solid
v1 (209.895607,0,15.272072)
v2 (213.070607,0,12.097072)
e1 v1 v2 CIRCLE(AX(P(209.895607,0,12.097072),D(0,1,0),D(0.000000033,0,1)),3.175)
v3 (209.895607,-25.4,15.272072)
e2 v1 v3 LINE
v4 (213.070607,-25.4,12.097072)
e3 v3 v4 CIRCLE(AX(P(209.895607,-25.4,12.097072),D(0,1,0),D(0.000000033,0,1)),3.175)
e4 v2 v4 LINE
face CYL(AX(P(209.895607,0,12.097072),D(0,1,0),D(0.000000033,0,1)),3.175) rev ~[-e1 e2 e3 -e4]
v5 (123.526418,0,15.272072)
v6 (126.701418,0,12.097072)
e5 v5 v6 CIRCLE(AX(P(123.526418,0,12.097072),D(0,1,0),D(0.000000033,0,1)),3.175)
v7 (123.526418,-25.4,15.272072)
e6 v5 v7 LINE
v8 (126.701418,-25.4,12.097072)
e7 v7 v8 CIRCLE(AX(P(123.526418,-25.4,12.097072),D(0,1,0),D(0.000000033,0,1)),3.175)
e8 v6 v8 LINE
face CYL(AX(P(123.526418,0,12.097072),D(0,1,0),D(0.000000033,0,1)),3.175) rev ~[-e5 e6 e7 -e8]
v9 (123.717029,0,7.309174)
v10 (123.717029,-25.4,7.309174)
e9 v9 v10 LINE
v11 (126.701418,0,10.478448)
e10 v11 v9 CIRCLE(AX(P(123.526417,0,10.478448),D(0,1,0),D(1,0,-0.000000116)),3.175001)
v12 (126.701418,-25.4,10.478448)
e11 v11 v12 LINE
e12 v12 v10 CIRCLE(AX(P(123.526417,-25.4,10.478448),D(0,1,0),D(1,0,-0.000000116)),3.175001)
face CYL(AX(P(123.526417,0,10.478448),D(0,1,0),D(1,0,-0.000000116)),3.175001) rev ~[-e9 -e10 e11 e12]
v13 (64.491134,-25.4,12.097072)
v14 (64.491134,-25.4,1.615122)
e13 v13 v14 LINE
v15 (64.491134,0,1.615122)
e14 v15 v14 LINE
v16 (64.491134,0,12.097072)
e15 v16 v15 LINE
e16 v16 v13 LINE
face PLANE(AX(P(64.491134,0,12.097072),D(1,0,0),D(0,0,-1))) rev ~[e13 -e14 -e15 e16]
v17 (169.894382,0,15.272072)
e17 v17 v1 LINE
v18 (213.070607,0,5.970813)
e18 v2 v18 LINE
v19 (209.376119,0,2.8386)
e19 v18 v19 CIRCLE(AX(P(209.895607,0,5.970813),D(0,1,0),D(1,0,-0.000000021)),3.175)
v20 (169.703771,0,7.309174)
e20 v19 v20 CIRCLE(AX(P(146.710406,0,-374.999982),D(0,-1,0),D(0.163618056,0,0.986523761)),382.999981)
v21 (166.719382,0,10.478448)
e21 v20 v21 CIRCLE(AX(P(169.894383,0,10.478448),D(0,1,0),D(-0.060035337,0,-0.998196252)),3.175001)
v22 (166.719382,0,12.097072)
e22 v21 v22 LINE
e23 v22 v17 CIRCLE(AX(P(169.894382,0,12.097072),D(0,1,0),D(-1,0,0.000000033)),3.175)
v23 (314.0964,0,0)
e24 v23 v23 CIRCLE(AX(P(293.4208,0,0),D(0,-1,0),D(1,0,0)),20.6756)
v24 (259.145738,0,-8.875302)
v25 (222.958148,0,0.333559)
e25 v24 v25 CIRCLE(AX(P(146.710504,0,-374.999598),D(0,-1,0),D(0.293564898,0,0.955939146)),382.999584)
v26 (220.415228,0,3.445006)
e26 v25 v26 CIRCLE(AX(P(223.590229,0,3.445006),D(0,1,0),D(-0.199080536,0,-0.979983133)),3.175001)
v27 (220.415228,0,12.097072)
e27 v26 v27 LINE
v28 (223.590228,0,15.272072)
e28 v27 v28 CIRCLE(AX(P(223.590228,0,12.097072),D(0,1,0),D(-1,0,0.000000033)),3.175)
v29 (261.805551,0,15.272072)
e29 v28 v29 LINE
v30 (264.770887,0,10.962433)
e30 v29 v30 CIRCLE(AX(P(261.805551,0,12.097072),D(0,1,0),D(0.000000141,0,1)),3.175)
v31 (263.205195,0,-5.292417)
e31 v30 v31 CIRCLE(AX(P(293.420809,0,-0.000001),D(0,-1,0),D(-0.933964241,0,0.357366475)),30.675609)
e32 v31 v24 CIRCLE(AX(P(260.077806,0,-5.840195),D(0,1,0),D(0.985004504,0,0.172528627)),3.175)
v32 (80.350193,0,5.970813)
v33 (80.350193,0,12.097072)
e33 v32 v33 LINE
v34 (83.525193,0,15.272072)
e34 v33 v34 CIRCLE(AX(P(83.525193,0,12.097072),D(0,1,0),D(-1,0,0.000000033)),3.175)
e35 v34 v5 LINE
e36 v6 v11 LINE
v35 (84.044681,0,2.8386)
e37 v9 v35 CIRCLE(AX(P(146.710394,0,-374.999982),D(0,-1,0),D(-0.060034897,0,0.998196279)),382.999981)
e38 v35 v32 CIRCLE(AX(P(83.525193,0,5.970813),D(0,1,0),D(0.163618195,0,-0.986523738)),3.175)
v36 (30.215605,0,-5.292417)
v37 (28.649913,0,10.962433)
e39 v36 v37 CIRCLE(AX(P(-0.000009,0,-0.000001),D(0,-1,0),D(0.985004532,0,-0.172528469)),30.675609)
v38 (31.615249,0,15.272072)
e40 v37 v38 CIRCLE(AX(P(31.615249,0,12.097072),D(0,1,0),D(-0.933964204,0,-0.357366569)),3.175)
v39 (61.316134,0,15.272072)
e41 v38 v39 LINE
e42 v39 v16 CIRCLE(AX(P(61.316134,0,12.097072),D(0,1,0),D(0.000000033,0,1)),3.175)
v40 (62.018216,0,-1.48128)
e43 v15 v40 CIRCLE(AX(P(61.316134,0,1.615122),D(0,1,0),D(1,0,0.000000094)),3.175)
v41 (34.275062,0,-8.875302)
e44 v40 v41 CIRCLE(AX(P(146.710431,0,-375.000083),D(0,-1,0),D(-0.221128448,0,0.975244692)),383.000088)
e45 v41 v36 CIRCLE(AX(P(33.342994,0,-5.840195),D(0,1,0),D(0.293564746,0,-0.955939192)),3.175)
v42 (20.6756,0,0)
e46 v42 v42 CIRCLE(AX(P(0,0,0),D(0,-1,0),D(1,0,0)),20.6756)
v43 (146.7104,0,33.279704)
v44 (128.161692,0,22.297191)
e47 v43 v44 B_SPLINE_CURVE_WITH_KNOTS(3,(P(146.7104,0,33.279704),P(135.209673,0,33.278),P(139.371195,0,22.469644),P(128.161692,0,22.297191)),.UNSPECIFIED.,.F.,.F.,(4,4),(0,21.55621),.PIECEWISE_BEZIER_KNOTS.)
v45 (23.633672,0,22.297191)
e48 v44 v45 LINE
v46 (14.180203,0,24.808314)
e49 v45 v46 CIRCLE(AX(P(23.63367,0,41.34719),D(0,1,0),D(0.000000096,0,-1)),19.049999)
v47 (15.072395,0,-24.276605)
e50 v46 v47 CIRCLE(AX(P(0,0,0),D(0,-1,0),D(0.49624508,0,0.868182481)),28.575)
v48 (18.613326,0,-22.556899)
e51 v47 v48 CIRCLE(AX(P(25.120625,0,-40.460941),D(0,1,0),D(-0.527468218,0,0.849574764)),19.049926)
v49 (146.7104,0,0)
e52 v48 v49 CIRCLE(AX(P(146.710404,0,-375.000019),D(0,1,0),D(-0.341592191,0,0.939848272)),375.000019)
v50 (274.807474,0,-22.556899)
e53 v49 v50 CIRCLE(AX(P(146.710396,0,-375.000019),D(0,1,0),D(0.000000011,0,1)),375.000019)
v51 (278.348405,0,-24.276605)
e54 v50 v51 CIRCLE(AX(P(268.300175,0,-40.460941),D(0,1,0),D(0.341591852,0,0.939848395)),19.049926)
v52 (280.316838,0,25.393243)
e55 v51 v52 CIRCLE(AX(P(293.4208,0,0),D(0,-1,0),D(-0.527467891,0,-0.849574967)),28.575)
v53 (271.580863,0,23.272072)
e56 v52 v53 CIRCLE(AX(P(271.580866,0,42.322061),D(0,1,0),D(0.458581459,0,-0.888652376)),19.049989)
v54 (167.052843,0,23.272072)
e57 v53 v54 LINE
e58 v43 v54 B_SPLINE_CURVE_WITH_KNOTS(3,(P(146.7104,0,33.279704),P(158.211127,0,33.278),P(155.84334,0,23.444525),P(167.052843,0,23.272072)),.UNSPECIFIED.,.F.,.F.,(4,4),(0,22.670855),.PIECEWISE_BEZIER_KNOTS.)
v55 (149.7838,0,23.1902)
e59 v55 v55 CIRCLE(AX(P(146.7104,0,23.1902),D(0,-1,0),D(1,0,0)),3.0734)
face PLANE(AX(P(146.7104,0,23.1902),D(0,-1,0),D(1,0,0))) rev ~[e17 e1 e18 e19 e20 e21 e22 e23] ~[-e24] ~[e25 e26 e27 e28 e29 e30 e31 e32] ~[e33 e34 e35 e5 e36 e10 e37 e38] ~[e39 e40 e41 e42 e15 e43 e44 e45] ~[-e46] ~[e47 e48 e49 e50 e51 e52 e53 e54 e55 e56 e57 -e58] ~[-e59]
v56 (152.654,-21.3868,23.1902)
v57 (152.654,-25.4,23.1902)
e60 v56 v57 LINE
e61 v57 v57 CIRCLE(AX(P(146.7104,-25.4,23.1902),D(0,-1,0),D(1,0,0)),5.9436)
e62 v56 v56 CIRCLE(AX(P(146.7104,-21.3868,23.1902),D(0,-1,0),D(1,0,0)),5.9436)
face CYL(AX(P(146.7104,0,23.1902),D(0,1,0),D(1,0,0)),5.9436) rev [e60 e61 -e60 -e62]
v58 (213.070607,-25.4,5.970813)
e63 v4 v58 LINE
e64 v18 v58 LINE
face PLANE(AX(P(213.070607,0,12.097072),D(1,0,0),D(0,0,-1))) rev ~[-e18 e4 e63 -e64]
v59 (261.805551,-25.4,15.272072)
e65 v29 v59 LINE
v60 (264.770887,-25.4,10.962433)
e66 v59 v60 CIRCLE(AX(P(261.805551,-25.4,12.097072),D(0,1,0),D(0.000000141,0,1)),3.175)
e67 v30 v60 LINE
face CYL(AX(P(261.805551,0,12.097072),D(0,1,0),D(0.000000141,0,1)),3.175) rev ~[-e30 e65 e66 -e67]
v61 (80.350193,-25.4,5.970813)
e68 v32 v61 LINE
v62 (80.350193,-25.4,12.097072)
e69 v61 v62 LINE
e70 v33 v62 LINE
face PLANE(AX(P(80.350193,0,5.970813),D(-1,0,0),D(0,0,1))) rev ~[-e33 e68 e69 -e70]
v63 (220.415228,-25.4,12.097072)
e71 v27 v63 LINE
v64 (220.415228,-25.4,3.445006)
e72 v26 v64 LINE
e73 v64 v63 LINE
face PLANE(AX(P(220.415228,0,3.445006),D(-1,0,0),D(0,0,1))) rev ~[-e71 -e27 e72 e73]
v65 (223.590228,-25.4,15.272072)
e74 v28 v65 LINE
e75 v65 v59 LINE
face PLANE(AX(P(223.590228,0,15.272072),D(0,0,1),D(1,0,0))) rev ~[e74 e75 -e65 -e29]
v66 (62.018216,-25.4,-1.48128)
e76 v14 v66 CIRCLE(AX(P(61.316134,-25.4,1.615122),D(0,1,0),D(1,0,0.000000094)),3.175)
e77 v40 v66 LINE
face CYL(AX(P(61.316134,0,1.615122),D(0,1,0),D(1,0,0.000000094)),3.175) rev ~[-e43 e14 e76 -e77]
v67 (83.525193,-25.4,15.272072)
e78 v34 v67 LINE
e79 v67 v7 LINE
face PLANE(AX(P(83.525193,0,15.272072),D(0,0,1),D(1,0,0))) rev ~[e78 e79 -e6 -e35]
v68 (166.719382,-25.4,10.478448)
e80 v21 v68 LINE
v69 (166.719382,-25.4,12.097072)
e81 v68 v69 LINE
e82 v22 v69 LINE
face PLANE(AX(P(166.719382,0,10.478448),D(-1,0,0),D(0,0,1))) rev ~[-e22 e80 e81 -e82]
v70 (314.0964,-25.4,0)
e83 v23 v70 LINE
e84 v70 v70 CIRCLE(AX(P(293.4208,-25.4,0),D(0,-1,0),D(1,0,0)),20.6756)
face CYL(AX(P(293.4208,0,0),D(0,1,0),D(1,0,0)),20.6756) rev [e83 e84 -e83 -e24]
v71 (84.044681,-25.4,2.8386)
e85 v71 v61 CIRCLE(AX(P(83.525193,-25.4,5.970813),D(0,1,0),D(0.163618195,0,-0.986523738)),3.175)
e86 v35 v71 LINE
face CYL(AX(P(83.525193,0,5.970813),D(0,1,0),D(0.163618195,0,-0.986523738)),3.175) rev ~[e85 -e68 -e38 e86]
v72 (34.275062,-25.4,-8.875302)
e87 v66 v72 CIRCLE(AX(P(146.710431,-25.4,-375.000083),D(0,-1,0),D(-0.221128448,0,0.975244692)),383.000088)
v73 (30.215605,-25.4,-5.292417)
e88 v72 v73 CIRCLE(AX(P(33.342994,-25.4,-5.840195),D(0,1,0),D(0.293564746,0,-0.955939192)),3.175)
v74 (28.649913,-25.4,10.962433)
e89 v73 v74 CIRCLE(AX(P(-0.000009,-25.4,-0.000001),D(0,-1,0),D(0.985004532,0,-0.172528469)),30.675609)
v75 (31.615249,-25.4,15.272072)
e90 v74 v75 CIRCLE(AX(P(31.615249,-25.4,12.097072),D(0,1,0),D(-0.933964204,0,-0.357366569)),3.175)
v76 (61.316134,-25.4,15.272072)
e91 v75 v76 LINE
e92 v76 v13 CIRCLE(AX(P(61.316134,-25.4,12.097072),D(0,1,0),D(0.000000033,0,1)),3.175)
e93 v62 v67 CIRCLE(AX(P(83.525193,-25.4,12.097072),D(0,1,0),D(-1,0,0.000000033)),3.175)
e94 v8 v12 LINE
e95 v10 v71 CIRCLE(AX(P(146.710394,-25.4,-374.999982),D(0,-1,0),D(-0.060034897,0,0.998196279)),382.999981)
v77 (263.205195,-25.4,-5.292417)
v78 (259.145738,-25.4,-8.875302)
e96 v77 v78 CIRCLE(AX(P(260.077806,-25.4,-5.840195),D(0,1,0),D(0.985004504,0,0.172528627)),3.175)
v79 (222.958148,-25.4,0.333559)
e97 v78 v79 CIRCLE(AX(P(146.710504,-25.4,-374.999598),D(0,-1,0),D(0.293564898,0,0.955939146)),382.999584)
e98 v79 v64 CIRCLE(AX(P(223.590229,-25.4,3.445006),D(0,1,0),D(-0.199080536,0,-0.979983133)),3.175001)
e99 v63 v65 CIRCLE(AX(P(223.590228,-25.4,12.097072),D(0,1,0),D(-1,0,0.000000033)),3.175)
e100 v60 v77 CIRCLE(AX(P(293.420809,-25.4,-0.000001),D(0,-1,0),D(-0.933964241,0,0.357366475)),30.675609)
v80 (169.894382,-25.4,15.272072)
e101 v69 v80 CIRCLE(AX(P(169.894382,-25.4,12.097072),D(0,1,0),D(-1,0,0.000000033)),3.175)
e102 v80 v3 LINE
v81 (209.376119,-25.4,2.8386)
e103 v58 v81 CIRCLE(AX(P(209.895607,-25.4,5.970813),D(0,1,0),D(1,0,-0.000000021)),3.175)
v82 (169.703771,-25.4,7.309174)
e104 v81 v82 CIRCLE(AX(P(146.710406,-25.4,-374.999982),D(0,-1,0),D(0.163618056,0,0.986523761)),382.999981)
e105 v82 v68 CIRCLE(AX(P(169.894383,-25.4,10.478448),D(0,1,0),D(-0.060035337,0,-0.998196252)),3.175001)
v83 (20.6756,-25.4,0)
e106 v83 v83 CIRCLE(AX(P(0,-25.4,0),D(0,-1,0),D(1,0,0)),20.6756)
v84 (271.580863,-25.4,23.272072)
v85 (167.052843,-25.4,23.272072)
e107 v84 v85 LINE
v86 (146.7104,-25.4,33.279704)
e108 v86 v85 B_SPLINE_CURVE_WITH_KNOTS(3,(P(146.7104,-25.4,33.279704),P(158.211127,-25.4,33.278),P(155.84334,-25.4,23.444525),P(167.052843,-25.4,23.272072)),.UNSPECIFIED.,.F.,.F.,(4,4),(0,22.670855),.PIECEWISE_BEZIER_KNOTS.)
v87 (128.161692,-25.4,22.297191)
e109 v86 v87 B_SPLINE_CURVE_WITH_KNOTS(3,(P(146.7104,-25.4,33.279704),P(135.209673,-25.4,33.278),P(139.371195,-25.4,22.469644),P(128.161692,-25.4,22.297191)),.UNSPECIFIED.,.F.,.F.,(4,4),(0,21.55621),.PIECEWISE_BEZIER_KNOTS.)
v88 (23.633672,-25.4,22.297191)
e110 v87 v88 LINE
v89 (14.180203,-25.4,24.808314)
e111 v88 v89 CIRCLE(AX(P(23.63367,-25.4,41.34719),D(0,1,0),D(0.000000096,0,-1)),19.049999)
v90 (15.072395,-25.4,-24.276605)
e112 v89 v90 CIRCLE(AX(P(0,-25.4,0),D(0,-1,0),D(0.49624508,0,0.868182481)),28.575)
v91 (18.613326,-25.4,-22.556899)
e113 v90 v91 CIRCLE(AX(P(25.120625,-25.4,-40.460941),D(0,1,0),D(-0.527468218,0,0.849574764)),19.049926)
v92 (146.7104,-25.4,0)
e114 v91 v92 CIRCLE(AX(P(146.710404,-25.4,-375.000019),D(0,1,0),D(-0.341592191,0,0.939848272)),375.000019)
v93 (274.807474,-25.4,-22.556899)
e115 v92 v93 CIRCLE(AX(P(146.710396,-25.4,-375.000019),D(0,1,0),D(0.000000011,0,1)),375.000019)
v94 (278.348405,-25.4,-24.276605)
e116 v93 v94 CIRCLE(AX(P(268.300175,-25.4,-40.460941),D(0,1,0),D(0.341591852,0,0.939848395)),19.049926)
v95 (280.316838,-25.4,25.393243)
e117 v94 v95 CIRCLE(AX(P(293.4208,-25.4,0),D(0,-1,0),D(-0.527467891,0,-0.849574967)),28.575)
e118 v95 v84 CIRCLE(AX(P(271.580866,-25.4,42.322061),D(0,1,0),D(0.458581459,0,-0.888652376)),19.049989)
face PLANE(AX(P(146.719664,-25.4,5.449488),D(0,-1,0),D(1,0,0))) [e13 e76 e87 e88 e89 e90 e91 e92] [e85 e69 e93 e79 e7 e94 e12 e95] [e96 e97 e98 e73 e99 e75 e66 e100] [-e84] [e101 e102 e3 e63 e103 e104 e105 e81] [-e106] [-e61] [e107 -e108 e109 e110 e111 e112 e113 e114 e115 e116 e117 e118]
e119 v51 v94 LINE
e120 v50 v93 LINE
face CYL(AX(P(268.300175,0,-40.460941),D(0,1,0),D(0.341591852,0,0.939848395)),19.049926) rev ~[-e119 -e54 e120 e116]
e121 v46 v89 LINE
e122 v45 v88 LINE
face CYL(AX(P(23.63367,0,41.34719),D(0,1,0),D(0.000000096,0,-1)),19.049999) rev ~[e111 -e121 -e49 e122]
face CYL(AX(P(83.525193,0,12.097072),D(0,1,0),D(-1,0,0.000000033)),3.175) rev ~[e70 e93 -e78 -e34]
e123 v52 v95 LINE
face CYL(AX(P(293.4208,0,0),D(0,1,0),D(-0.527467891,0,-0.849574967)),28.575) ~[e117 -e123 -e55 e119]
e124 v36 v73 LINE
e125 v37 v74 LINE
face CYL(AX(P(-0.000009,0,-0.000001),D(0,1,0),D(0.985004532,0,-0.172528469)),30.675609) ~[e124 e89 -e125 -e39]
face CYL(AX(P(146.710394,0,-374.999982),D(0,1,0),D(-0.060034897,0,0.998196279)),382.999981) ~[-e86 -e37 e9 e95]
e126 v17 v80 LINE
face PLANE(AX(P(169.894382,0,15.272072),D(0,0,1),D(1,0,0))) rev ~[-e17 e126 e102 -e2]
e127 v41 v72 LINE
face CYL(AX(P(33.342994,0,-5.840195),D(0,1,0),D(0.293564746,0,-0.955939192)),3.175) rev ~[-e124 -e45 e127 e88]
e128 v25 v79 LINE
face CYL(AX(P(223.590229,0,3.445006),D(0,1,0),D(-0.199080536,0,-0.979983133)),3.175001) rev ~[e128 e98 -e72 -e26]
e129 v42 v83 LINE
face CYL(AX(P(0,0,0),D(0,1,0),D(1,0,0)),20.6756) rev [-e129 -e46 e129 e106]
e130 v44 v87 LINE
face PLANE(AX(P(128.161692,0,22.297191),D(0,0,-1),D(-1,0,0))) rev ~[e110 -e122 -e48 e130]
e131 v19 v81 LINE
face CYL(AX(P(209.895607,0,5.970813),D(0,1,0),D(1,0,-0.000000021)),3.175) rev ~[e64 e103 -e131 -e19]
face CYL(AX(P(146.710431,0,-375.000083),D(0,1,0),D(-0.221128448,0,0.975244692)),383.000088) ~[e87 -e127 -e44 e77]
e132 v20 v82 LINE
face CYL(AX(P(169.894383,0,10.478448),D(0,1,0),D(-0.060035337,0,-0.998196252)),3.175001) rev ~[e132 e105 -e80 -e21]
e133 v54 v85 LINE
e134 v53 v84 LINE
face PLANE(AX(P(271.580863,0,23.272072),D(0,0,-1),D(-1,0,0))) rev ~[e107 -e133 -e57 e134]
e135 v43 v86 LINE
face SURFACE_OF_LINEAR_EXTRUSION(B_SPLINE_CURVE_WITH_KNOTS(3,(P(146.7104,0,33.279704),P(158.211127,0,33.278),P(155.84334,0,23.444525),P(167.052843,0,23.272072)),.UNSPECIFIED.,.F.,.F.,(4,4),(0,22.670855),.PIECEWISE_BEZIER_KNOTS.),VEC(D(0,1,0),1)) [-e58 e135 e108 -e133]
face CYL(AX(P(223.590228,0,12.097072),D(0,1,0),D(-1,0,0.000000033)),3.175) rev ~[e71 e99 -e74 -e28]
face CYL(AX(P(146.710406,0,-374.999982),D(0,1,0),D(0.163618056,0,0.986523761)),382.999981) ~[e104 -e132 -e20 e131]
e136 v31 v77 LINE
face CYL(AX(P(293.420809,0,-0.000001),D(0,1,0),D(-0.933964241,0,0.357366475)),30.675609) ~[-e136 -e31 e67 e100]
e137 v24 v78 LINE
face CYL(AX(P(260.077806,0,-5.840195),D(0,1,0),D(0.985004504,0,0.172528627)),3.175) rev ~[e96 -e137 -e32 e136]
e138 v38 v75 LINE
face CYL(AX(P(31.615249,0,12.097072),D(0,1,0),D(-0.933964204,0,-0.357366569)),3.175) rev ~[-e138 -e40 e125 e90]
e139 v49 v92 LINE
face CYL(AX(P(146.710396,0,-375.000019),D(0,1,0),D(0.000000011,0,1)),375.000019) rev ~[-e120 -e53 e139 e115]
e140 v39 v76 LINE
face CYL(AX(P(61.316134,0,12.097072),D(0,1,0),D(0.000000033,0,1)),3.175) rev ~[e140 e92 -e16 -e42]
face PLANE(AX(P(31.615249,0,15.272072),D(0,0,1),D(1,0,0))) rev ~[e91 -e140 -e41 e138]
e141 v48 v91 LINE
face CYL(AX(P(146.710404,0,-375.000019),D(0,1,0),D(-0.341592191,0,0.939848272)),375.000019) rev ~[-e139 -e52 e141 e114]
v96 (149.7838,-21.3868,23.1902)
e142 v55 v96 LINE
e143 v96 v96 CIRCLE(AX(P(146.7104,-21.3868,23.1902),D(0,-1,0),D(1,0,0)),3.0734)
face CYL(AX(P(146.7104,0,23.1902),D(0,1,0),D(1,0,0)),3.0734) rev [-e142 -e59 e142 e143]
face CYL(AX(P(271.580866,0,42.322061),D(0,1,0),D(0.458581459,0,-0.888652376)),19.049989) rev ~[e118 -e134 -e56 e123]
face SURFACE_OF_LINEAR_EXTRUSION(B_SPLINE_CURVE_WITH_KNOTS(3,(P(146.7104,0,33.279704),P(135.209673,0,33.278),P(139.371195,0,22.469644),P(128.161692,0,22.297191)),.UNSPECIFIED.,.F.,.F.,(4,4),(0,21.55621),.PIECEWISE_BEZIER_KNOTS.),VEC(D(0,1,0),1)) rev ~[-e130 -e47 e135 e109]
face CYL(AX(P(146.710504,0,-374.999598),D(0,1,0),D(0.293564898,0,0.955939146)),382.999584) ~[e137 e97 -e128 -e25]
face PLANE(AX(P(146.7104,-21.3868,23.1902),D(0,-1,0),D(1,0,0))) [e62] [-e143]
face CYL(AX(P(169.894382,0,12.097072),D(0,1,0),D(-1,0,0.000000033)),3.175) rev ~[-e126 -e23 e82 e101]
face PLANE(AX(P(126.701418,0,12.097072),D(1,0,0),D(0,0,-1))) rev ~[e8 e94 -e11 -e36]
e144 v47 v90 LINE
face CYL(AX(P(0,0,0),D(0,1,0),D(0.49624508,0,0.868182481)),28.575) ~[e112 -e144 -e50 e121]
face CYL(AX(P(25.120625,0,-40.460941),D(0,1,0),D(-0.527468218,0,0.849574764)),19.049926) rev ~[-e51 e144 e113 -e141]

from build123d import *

# Parameters (mm, degrees)
F0_R     = 20.6756
F0_R_2   = 5.9436
F1_DEPTH = 25.4
F0_R_3   = 3.0734
F2_DEPTH = 21.3868


with BuildPart() as f1:
    # F0 (on Front) → F1 (new body)
    with BuildSketch(Plane.XZ):
        with BuildLine():
            Line((271.580863, 23.272072), (167.052843, 23.272072))
            add(Edge.make_bspline(
                [(146.7104, 33.279704), (158.211127, 33.278), (155.84334, 23.444525), (167.052843, 23.272072)],
                knots=[0, 0, 0, 0, 22.670855, 22.670855, 22.670855, 22.670855], degree=3))
            add(Edge.make_bspline(
                [(146.7104, 33.279704), (135.209673, 33.278), (139.371195, 22.469644), (128.161692, 22.297191)],
                knots=[0, 0, 0, 0, 21.55621, 21.55621, 21.55621, 21.55621], degree=3))
            Line((128.161692, 22.297191), (23.633672, 22.297191))
            ThreePointArc((23.633672, 22.297191), (18.743023, 22.935671), (14.180203, 24.808314))
            ThreePointArc((14.180203, 24.808314), (-28.570281, -0.519307), (15.072395, -24.276605))
            ThreePointArc((15.072395, -24.276605), (16.798322, -23.325045), (18.613326, -22.556899))
            ThreePointArc((18.613326, -22.556899), (81.676421, -5.682276), (146.7104, 0))
            ThreePointArc((146.7104, 0), (211.744379, -5.682276), (274.807474, -22.556899))
            ThreePointArc((274.807474, -22.556899), (276.622478, -23.325045), (278.348405, -24.276605))
            ThreePointArc((278.348405, -24.276605), (321.973387, -1.131548), (280.316838, 25.393243))
            ThreePointArc((280.316838, 25.393243), (276.075766, 23.809958), (271.580863, 23.272072))
        make_face()
        Circle(F0_R, mode=Mode.SUBTRACT)
        with Locations((293.4208, 0)):
            Circle(F0_R, mode=Mode.SUBTRACT)
        with BuildLine():
            ThreePointArc((61.316134, 15.272072), (63.561198, 14.342136), (64.491134, 12.097072))
            Line((64.491134, 12.097072), (64.491134, 1.615122))
            ThreePointArc((64.491134, 1.615122), (63.797035, -0.36623), (62.018216, -1.48128))
            ThreePointArc((62.018216, -1.48128), (48.077329, -4.918229), (34.275062, -8.875302))
            ThreePointArc((34.275062, -8.875302), (31.242012, -8.220636), (30.215605, -5.292417))
            ThreePointArc((30.215605, -5.292417), (30.534281, 2.941109), (28.649913, 10.962433))
            ThreePointArc((28.649913, 10.962433), (28.999613, 13.896814), (31.615249, 15.272072))
            Line((31.615249, 15.272072), (61.316134, 15.272072))
        make_face(mode=Mode.SUBTRACT)
        with BuildLine():
            Line((83.525193, 15.272072), (123.526418, 15.272072))
            ThreePointArc((123.526418, 15.272072), (125.771482, 14.342136), (126.701418, 12.097072))
            Line((126.701418, 12.097072), (126.701418, 10.478448))
            ThreePointArc((126.701418, 10.478448), (125.837891, 8.301818), (123.717029, 7.309174))
            ThreePointArc((123.717029, 7.309174), (103.822564, 5.591163), (84.044681, 2.8386))
            ThreePointArc((84.044681, 2.8386), (81.471994, 3.549037), (80.350193, 5.970813))
            Line((80.350193, 5.970813), (80.350193, 12.097072))
            ThreePointArc((80.350193, 12.097072), (81.280129, 14.342136), (83.525193, 15.272072))
        make_face(mode=Mode.SUBTRACT)
        with Locations((146.7104, 23.1902)):
            Circle(F0_R_2, mode=Mode.SUBTRACT)
        with BuildLine():
            ThreePointArc((213.070607, 5.970813), (211.948806, 3.549037), (209.376119, 2.8386))
            ThreePointArc((209.376119, 2.8386), (189.598236, 5.591163), (169.703771, 7.309174))
            ThreePointArc((169.703771, 7.309174), (167.582909, 8.301818), (166.719382, 10.478448))
            Line((166.719382, 10.478448), (166.719382, 12.097072))
            ThreePointArc((166.719382, 12.097072), (167.649318, 14.342136), (169.894382, 15.272072))
            Line((169.894382, 15.272072), (209.895607, 15.272072))
            ThreePointArc((209.895607, 15.272072), (212.140671, 14.342136), (213.070607, 12.097072))
            Line((213.070607, 12.097072), (213.070607, 5.970813))
        make_face(mode=Mode.SUBTRACT)
        with BuildLine():
            ThreePointArc((261.805551, 15.272072), (264.421187, 13.896814), (264.770887, 10.962433))
            ThreePointArc((264.770887, 10.962433), (262.886519, 2.941109), (263.205195, -5.292417))
            ThreePointArc((263.205195, -5.292417), (262.178788, -8.220636), (259.145738, -8.875302))
            ThreePointArc((259.145738, -8.875302), (241.164238, -3.829591), (222.958148, 0.333559))
            ThreePointArc((222.958148, 0.333559), (221.131826, 1.435806), (220.415228, 3.445006))
            Line((220.415228, 3.445006), (220.415228, 12.097072))
            ThreePointArc((220.415228, 12.097072), (221.345164, 14.342136), (223.590228, 15.272072))
            Line((223.590228, 15.272072), (261.805551, 15.272072))
        make_face(mode=Mode.SUBTRACT)
    extrude(amount=F1_DEPTH)

    # F0 (on Front) → F2 (join)
    with BuildSketch(Plane.XZ):
        with Locations((146.7104, 23.1902)):
            Circle(F0_R_2)
        with Locations((146.7104, 23.1902)):
            Circle(F0_R_3, mode=Mode.SUBTRACT)
    extrude(amount=F2_DEPTH)


solid = f1.part
